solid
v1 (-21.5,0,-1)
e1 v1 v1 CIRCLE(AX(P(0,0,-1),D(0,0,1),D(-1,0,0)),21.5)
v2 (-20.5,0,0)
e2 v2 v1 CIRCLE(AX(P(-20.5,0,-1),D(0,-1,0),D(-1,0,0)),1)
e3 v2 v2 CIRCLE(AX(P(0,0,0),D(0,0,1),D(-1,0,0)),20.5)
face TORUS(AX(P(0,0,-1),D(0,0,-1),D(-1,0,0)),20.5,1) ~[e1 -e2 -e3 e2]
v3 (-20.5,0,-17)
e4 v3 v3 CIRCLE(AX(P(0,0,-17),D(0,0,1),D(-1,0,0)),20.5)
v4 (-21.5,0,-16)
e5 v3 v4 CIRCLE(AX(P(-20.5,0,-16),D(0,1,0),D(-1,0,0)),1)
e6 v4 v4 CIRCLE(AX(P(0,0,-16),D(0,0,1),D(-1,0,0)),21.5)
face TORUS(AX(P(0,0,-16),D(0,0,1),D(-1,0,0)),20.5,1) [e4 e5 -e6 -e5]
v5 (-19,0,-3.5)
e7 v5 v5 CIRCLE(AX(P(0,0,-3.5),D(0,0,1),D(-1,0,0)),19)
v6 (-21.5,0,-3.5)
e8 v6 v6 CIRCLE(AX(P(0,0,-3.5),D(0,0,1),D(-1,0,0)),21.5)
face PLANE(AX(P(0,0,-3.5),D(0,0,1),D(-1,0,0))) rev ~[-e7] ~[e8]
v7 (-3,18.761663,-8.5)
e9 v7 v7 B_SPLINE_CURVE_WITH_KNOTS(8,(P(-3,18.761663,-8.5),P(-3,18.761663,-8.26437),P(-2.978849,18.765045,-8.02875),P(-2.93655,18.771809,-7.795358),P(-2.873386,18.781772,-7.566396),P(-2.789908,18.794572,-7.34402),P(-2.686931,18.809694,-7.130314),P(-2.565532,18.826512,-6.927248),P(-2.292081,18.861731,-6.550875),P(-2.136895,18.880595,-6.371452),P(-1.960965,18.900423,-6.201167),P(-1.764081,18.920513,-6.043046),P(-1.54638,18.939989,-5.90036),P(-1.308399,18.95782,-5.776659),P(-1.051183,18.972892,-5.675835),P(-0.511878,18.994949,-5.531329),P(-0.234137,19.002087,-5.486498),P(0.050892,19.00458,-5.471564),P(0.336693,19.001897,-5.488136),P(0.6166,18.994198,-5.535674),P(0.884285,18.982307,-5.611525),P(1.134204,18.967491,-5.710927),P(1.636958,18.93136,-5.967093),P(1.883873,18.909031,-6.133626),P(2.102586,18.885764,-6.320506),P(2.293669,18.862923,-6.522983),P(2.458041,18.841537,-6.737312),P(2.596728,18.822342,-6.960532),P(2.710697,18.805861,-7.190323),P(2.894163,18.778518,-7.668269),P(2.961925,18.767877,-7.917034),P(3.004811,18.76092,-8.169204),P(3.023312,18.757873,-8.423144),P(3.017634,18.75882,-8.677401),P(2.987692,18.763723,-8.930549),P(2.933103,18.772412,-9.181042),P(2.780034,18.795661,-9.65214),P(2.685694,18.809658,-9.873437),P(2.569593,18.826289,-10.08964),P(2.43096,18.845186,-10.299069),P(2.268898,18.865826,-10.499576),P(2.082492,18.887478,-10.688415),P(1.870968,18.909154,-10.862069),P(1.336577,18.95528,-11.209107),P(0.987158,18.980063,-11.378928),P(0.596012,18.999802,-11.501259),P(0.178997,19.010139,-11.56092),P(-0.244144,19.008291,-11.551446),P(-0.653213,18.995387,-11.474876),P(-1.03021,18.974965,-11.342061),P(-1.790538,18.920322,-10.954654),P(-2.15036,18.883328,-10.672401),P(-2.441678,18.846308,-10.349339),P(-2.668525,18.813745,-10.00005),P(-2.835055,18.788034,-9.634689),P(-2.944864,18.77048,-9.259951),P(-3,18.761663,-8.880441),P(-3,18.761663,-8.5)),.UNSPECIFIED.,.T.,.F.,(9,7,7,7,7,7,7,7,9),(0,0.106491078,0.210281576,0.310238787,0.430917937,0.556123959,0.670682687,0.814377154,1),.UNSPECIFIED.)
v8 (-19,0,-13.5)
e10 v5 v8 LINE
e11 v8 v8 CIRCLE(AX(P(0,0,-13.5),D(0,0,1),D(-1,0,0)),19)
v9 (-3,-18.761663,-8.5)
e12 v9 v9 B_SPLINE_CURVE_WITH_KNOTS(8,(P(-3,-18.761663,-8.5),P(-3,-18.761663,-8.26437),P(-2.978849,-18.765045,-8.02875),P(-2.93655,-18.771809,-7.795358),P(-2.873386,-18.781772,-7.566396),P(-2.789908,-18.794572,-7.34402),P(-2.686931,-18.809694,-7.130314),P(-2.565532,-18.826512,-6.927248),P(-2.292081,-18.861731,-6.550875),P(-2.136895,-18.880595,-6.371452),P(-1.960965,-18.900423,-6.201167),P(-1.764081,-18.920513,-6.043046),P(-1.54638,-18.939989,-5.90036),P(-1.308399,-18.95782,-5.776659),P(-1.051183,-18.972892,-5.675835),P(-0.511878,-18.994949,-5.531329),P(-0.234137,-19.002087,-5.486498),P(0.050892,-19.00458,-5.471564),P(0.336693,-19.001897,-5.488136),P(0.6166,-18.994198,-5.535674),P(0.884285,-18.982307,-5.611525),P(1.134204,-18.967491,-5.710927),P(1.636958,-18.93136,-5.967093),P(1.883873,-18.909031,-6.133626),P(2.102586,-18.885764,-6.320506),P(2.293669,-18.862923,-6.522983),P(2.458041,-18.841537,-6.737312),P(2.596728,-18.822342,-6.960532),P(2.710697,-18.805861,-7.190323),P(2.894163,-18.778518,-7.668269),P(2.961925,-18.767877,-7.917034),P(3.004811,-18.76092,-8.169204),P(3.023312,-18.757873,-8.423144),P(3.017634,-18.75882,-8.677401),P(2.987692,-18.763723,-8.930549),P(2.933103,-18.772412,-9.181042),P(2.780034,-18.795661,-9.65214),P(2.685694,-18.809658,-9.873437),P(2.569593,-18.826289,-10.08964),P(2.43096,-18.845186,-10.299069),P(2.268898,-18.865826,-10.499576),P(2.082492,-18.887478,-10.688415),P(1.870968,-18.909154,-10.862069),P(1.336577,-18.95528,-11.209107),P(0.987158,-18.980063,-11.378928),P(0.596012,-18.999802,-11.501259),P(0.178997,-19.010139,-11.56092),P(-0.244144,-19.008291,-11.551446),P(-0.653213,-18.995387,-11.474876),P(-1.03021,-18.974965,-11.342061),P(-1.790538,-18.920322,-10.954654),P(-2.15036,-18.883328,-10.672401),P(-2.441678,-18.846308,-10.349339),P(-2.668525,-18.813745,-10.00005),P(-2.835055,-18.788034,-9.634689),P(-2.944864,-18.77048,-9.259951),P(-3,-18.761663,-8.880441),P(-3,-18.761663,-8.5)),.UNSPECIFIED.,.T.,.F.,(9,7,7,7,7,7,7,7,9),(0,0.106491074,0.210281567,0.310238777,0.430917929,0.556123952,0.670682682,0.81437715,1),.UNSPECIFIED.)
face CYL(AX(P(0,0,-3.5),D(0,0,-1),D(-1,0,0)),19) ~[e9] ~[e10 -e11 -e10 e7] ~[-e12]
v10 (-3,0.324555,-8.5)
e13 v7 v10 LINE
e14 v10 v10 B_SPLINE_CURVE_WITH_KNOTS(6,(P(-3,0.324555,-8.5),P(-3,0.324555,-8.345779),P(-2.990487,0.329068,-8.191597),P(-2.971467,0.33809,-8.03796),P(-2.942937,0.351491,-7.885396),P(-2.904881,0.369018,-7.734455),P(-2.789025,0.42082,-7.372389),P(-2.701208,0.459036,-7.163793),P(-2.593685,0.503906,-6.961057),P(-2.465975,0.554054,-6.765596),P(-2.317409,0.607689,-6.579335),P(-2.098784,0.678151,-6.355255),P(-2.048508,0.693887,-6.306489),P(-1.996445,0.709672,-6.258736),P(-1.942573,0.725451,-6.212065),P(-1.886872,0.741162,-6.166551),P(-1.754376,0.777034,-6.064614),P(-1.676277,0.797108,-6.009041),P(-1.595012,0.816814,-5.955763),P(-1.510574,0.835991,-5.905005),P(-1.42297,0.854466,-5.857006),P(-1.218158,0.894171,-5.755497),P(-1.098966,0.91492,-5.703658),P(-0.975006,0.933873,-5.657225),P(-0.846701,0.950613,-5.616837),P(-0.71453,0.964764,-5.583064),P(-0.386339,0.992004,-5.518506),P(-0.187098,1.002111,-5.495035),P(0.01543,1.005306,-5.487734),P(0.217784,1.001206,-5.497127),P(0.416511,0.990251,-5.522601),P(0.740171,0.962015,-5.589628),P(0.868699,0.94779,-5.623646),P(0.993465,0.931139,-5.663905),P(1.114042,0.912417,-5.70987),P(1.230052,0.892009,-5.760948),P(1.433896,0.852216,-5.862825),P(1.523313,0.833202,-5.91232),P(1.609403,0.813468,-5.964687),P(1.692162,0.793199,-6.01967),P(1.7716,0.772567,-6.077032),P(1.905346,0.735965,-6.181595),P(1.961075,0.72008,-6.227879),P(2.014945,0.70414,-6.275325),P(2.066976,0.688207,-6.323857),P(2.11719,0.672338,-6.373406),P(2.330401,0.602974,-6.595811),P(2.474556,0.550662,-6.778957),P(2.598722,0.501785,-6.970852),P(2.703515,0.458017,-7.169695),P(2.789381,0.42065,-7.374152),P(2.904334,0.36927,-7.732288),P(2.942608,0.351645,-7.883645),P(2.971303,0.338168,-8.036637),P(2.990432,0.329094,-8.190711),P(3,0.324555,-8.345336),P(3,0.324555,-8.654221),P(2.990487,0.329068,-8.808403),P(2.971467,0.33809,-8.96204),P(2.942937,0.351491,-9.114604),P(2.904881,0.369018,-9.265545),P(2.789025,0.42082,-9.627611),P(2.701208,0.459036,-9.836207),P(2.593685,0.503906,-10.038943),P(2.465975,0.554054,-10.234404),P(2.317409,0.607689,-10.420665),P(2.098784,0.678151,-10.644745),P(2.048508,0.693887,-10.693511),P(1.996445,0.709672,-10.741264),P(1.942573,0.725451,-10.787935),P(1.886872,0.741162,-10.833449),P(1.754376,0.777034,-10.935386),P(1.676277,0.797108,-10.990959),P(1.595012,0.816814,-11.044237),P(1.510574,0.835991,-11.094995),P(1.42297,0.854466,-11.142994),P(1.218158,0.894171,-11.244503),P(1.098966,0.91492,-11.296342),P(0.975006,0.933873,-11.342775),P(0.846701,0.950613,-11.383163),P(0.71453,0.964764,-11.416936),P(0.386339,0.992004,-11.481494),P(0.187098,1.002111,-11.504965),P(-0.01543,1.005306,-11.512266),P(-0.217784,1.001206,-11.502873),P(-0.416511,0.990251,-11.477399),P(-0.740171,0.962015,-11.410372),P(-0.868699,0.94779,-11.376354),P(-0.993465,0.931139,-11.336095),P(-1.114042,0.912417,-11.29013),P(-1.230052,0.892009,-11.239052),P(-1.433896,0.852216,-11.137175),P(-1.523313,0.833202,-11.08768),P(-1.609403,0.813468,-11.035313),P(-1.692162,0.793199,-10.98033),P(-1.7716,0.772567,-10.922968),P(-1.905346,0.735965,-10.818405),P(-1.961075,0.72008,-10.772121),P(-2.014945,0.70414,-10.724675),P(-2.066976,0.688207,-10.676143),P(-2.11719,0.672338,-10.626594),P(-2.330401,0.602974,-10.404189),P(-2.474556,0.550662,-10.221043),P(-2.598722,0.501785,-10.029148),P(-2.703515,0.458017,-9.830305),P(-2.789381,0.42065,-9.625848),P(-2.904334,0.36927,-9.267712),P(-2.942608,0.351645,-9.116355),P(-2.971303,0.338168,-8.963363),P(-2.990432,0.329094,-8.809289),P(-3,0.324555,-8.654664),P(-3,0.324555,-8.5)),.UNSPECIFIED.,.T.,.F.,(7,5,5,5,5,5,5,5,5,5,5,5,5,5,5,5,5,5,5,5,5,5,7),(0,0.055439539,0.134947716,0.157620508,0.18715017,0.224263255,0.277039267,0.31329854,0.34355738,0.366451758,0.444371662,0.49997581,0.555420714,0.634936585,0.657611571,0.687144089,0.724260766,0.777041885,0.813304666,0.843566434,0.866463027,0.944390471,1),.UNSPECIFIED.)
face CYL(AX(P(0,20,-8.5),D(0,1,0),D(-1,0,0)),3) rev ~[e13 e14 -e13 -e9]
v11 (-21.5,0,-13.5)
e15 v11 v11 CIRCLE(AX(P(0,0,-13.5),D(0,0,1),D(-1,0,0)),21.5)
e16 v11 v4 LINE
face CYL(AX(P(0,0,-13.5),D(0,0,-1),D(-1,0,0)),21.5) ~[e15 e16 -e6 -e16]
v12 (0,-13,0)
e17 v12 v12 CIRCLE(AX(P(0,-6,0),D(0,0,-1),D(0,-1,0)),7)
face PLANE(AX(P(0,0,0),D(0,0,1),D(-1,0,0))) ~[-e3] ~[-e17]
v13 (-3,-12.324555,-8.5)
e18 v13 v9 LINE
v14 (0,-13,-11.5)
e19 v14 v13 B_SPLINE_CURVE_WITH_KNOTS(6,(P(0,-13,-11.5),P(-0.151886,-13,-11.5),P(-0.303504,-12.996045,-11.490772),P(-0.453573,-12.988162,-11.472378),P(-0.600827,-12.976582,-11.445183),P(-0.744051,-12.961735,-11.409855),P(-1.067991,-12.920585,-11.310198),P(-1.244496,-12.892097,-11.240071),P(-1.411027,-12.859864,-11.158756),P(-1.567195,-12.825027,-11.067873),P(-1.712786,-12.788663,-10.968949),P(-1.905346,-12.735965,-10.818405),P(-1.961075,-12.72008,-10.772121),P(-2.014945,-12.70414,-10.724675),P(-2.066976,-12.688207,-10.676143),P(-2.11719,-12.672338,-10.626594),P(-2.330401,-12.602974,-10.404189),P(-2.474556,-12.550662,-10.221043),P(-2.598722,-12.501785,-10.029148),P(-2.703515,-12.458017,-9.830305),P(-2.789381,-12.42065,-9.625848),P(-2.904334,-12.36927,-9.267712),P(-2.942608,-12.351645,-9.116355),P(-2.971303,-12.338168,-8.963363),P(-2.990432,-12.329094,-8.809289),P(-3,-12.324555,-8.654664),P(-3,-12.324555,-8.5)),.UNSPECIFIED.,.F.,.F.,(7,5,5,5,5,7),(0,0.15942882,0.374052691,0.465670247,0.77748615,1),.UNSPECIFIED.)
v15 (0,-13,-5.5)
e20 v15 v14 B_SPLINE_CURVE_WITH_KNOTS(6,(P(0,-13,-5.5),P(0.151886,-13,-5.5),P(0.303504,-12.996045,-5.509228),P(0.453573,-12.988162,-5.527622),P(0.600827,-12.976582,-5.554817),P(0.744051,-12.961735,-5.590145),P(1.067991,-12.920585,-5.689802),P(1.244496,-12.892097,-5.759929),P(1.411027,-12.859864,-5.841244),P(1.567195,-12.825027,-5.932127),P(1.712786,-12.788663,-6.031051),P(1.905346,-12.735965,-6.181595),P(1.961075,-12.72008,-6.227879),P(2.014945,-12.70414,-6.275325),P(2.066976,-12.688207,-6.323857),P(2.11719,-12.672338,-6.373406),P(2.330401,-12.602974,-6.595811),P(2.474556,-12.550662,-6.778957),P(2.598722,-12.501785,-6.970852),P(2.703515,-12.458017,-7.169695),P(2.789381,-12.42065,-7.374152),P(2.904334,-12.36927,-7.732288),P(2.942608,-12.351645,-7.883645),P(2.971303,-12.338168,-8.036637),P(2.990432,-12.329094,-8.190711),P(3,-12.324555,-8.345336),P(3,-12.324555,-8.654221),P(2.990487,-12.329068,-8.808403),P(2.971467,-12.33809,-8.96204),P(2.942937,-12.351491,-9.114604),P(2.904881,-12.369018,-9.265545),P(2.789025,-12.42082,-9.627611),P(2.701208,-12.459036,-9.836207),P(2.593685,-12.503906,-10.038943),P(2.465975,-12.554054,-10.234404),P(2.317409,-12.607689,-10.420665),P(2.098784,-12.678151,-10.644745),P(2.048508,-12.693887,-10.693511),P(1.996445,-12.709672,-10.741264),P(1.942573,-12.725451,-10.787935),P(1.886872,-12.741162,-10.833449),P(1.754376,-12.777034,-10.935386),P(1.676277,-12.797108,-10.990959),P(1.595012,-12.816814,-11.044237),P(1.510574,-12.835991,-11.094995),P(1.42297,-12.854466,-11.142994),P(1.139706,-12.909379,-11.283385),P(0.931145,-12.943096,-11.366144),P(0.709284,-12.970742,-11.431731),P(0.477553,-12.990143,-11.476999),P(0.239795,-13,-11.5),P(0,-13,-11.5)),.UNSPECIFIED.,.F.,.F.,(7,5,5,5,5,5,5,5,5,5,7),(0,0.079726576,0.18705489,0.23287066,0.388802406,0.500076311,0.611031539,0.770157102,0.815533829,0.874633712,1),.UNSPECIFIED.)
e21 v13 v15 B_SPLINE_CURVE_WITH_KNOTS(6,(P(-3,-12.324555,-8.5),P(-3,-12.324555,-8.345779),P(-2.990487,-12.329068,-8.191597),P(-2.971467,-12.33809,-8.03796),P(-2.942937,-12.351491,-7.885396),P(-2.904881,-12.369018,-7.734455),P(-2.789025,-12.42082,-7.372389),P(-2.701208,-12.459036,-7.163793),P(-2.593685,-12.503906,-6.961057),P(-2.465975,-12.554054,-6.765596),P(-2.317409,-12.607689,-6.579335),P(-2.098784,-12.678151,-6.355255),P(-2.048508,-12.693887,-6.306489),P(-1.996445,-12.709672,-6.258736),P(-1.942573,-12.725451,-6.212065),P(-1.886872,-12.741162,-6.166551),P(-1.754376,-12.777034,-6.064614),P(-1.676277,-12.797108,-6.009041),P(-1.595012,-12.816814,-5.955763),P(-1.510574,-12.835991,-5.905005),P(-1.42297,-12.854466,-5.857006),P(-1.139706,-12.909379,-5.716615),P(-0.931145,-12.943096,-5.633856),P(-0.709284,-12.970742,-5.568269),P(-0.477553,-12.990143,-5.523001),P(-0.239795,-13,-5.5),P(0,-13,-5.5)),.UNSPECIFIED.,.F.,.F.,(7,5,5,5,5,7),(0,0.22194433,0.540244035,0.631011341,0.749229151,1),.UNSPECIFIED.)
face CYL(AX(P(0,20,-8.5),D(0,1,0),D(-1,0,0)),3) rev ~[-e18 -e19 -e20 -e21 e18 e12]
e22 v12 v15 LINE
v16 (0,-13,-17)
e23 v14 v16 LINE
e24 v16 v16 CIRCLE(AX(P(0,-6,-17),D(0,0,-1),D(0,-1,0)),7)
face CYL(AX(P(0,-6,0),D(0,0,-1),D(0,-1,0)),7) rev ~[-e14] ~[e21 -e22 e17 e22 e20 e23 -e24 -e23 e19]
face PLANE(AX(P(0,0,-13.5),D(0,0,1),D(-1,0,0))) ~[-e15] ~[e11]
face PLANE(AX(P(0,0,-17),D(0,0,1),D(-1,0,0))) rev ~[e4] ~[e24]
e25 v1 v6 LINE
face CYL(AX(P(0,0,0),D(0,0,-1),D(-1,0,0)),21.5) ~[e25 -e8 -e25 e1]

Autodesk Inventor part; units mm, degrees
ref_plane "YZ Plane" through (0, 0, 0) normal (1, 0, 0) x (0, 1, 0)
ref_plane "XY Plane" through (0, 0, 0) normal (0, 0, 1) x (1, 0, 0)
sketch "Sketch1" plane through (0, 0, 0) normal (0, 1, 0) x (-1, 0, 0)
  line L0 (0, 0) -> (21.5, 0)
  line L1 (21.5, 0) -> (21.5, -3.5)
  line L2 (21.5, -3.5) -> (19, -3.5)
  line L3 (19, -3.5) -> (19, -13.5)
  line L4 (19, -13.5) -> (21.5, -13.5)
  line L5 (21.5, -13.5) -> (21.5, -17)
  line L6 (21.5, -17) -> (0, -17)
  line L7 (0, -17) -> (0, 0)
  dimension "d1" = 3.5
  dimension "d2" = 3.5
  dimension "d3" = 17
  dimension "d4" = 38
  dimension "d5" = 43
revolve "Revolution1" add sketch "Sketch1" angle 360 about axis through (0, 0, -17) along (0, 0, 1)
sketch "Sketch2" plane through (0, 0, 0) normal (0, 0, 1) x (1, 0, 0)
  point P0 (0, 0)
  point P1 (0, -6)
  dimension "d14" = 6
hole "Hole1" at (0, -6, 0) direction (0, 0, -1) diameter 14 depth 17
fillet "Fillet1" radius 1 2 edges at (21.5, 0, 0) (21.5, 0, -17)
ref_plane "Work Plane1" through (0, 20, 0) normal (0, 1, 0) x (-1, 0, 0)
sketch "Sketch4" plane through (0, 20, 0) normal (0, 1, 0) x (-1, 0, 0)
  circle A0 centre (0, -8.5) radius 3
  line L0 (19, -13.5) -> (19, -3.5) projected
  point P0 (0, 0)
  point P1 (19, -8.5)
  dimension "d17" = 6
extrude "Extrusion1" cut sketch "Sketch4" against normal through all
properties part number "204"
